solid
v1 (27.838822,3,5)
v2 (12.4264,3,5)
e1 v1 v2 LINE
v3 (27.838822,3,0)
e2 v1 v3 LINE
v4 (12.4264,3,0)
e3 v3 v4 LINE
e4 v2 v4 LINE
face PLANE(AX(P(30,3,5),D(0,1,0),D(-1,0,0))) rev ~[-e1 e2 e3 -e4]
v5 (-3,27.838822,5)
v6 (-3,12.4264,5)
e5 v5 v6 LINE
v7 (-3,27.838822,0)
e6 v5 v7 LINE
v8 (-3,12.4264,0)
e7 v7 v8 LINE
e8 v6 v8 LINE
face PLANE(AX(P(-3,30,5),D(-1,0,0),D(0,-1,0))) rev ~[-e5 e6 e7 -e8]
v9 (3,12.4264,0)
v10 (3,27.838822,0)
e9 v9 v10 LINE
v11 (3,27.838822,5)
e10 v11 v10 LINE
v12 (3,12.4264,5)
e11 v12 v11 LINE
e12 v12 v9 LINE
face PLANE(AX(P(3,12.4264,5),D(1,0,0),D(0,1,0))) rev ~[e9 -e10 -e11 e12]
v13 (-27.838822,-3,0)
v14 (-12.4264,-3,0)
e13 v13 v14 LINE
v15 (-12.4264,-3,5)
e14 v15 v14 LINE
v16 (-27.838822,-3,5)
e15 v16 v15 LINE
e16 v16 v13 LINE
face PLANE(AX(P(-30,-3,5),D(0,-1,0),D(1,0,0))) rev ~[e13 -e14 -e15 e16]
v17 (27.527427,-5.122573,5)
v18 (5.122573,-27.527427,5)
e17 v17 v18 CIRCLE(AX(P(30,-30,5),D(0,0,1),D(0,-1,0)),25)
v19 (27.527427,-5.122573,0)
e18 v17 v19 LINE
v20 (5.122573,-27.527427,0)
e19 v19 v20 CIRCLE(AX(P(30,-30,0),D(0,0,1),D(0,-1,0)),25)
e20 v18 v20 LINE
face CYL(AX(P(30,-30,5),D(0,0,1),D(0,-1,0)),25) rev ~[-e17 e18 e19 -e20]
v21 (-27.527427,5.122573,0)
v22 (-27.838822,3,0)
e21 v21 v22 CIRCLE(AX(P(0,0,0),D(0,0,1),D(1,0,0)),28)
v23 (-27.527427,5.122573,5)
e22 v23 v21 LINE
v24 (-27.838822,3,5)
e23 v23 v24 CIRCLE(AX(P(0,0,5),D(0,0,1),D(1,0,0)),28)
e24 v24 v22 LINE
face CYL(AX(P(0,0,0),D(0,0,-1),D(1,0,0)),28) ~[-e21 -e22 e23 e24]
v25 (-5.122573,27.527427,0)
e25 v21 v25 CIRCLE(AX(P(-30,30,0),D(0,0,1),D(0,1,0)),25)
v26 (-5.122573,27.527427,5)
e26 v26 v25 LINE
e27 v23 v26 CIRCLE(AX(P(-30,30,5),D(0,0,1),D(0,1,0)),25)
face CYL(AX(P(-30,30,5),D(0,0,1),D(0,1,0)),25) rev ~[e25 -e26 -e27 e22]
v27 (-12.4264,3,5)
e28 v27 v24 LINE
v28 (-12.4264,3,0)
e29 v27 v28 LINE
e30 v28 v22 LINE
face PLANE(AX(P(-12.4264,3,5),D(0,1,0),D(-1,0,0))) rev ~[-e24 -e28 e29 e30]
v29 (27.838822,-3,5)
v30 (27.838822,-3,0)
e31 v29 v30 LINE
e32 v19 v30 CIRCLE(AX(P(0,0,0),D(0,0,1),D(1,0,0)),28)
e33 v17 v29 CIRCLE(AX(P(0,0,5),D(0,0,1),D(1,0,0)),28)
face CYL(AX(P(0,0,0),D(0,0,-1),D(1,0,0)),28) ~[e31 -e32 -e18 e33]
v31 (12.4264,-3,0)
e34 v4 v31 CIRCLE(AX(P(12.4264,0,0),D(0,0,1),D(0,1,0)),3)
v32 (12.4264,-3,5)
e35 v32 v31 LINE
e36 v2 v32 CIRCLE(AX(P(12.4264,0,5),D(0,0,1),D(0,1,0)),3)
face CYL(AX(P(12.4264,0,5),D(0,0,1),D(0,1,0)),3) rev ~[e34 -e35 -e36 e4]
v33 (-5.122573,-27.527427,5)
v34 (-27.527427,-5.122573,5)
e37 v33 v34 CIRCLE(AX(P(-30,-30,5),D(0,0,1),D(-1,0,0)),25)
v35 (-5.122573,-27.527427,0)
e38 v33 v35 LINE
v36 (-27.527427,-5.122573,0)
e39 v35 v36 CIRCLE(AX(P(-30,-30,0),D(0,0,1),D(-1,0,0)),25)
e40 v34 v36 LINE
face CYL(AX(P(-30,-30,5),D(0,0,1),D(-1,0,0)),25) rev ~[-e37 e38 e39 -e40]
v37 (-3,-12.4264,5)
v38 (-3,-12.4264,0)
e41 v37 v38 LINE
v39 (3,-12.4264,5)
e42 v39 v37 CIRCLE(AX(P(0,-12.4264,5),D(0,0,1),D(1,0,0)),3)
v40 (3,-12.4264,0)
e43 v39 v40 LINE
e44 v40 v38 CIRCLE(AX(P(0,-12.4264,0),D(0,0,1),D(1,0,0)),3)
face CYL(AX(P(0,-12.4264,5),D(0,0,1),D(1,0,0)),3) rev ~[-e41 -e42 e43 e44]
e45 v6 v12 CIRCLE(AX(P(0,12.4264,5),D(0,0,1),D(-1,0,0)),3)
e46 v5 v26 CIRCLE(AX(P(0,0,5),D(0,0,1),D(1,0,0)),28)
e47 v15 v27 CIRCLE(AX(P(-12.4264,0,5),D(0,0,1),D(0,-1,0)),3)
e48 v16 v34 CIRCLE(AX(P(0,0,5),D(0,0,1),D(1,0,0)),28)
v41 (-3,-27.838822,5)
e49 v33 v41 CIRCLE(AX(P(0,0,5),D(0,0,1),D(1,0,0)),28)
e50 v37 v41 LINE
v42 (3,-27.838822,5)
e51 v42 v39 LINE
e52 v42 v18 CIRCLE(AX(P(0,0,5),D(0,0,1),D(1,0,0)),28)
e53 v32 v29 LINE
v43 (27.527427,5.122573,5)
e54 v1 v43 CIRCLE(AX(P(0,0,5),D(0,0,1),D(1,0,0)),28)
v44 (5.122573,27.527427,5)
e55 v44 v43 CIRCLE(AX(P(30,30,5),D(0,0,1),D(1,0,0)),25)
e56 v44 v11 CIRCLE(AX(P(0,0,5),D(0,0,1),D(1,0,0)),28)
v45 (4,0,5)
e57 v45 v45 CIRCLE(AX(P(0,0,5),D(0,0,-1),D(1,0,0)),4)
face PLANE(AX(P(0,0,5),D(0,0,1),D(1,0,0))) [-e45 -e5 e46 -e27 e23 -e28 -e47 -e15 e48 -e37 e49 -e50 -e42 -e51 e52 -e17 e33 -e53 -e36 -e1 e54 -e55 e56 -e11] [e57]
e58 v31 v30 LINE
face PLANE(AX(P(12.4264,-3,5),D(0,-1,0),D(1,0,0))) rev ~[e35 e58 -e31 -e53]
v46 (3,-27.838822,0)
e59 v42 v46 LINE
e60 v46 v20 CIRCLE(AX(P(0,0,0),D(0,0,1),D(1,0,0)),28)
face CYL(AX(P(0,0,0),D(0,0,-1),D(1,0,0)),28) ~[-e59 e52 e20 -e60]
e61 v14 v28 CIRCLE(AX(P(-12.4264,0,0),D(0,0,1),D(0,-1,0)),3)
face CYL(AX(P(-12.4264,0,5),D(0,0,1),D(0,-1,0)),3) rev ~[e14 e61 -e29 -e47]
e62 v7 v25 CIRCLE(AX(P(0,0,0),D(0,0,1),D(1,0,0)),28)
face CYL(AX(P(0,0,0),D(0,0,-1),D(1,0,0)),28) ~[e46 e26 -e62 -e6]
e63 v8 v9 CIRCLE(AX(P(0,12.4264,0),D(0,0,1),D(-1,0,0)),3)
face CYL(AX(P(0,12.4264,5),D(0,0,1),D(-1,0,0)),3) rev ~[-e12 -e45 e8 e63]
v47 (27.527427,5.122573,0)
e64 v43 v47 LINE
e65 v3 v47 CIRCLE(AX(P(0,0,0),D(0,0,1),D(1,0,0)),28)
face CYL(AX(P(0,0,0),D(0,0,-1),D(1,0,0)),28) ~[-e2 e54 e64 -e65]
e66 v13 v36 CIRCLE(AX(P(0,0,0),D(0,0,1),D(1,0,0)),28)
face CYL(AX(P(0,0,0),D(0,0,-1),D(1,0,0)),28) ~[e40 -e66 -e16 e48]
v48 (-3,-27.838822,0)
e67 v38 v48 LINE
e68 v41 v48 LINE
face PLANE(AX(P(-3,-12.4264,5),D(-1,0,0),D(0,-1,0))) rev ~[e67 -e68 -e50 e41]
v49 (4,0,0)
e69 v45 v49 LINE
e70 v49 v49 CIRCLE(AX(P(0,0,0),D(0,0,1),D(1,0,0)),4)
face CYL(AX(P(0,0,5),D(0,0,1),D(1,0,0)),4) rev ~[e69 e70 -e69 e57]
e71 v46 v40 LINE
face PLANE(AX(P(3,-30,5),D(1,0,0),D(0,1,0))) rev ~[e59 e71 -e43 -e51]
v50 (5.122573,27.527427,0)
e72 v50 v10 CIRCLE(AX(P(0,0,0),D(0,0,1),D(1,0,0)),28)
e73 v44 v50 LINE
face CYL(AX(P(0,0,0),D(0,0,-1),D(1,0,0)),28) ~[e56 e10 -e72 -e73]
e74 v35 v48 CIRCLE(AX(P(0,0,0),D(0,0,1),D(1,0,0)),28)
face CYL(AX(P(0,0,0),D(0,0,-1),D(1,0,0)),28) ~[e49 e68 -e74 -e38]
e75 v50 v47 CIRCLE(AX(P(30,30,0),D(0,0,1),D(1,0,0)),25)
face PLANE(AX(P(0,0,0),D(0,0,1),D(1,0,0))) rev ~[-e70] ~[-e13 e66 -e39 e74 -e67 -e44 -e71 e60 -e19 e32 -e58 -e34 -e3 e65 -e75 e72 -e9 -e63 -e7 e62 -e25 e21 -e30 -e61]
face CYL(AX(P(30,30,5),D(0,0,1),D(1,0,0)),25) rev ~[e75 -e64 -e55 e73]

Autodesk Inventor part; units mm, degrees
ref_plane "YZ Plane" through (0, 0, 0) normal (1, 0, 0) x (0, 1, 0)
ref_plane "XZ Plane" through (0, 0, 0) normal (0, 1, 0) x (-1, 0, 0)
ref_plane "XY Plane" through (0, 0, 0) normal (0, 0, 1) x (1, 0, 0)
sketch "Sketch1" plane through (0, 0, 0) normal (0, 0, 1) x (1, 0, 0)
  circle A0 centre (0, 0) radius 28
  dimension "d0" = 56
extrude "Extrusion1" add sketch "Sketch1" along normal blind 5
sketch "Sketch2" plane through (0, 0, 5) normal (0, 0, 1) x (1, 0, 0)
  line L0 (0, 0) -> (30, 0) construction
  line L1 (30, 0) -> (30, 30) construction
  line L2 (30, 30) -> (0, 30) construction
  line L3 (0, 30) -> (0, 0) construction
  circle A0 centre (0, 0) radius 30 construction
  circle A1 centre (30, 30) radius 30 construction
  circle A2 centre (0, 0) radius 12.4264 construction
  circle A3 centre (30, 30) radius 25
  circle A4 centre (0, 0) radius 4
  line L4 (30, 0) -> (12.4264, 0) construction
  line L5 (30, 3) -> (12.4264, 3)
  line L6 (12.4264, -3) -> (30, -3)
  arc A5 (30, -3) -> (30, 3) centre (30, 0) ccw
  arc A6 (12.4264, 3) -> (12.4264, -3) centre (12.4264, 0) ccw
  point P0 (21.2132, 0)
  dimension "d3" = 30
  dimension "d4" = 30
  dimension "d5" = 60
  dimension "d6" = 60
  dimension "d7" = 50
  dimension "d8" = 8
  dimension "d9" = 6
extrude "Extrusion2" cut sketch "Sketch2" against normal blind 5
pattern_circular "Circular Pattern1" count 4 over 360 about axis through (0, 0, 5) along (0, 0, -1) of "Extrusion2"
properties part number "Geneva-driven"
